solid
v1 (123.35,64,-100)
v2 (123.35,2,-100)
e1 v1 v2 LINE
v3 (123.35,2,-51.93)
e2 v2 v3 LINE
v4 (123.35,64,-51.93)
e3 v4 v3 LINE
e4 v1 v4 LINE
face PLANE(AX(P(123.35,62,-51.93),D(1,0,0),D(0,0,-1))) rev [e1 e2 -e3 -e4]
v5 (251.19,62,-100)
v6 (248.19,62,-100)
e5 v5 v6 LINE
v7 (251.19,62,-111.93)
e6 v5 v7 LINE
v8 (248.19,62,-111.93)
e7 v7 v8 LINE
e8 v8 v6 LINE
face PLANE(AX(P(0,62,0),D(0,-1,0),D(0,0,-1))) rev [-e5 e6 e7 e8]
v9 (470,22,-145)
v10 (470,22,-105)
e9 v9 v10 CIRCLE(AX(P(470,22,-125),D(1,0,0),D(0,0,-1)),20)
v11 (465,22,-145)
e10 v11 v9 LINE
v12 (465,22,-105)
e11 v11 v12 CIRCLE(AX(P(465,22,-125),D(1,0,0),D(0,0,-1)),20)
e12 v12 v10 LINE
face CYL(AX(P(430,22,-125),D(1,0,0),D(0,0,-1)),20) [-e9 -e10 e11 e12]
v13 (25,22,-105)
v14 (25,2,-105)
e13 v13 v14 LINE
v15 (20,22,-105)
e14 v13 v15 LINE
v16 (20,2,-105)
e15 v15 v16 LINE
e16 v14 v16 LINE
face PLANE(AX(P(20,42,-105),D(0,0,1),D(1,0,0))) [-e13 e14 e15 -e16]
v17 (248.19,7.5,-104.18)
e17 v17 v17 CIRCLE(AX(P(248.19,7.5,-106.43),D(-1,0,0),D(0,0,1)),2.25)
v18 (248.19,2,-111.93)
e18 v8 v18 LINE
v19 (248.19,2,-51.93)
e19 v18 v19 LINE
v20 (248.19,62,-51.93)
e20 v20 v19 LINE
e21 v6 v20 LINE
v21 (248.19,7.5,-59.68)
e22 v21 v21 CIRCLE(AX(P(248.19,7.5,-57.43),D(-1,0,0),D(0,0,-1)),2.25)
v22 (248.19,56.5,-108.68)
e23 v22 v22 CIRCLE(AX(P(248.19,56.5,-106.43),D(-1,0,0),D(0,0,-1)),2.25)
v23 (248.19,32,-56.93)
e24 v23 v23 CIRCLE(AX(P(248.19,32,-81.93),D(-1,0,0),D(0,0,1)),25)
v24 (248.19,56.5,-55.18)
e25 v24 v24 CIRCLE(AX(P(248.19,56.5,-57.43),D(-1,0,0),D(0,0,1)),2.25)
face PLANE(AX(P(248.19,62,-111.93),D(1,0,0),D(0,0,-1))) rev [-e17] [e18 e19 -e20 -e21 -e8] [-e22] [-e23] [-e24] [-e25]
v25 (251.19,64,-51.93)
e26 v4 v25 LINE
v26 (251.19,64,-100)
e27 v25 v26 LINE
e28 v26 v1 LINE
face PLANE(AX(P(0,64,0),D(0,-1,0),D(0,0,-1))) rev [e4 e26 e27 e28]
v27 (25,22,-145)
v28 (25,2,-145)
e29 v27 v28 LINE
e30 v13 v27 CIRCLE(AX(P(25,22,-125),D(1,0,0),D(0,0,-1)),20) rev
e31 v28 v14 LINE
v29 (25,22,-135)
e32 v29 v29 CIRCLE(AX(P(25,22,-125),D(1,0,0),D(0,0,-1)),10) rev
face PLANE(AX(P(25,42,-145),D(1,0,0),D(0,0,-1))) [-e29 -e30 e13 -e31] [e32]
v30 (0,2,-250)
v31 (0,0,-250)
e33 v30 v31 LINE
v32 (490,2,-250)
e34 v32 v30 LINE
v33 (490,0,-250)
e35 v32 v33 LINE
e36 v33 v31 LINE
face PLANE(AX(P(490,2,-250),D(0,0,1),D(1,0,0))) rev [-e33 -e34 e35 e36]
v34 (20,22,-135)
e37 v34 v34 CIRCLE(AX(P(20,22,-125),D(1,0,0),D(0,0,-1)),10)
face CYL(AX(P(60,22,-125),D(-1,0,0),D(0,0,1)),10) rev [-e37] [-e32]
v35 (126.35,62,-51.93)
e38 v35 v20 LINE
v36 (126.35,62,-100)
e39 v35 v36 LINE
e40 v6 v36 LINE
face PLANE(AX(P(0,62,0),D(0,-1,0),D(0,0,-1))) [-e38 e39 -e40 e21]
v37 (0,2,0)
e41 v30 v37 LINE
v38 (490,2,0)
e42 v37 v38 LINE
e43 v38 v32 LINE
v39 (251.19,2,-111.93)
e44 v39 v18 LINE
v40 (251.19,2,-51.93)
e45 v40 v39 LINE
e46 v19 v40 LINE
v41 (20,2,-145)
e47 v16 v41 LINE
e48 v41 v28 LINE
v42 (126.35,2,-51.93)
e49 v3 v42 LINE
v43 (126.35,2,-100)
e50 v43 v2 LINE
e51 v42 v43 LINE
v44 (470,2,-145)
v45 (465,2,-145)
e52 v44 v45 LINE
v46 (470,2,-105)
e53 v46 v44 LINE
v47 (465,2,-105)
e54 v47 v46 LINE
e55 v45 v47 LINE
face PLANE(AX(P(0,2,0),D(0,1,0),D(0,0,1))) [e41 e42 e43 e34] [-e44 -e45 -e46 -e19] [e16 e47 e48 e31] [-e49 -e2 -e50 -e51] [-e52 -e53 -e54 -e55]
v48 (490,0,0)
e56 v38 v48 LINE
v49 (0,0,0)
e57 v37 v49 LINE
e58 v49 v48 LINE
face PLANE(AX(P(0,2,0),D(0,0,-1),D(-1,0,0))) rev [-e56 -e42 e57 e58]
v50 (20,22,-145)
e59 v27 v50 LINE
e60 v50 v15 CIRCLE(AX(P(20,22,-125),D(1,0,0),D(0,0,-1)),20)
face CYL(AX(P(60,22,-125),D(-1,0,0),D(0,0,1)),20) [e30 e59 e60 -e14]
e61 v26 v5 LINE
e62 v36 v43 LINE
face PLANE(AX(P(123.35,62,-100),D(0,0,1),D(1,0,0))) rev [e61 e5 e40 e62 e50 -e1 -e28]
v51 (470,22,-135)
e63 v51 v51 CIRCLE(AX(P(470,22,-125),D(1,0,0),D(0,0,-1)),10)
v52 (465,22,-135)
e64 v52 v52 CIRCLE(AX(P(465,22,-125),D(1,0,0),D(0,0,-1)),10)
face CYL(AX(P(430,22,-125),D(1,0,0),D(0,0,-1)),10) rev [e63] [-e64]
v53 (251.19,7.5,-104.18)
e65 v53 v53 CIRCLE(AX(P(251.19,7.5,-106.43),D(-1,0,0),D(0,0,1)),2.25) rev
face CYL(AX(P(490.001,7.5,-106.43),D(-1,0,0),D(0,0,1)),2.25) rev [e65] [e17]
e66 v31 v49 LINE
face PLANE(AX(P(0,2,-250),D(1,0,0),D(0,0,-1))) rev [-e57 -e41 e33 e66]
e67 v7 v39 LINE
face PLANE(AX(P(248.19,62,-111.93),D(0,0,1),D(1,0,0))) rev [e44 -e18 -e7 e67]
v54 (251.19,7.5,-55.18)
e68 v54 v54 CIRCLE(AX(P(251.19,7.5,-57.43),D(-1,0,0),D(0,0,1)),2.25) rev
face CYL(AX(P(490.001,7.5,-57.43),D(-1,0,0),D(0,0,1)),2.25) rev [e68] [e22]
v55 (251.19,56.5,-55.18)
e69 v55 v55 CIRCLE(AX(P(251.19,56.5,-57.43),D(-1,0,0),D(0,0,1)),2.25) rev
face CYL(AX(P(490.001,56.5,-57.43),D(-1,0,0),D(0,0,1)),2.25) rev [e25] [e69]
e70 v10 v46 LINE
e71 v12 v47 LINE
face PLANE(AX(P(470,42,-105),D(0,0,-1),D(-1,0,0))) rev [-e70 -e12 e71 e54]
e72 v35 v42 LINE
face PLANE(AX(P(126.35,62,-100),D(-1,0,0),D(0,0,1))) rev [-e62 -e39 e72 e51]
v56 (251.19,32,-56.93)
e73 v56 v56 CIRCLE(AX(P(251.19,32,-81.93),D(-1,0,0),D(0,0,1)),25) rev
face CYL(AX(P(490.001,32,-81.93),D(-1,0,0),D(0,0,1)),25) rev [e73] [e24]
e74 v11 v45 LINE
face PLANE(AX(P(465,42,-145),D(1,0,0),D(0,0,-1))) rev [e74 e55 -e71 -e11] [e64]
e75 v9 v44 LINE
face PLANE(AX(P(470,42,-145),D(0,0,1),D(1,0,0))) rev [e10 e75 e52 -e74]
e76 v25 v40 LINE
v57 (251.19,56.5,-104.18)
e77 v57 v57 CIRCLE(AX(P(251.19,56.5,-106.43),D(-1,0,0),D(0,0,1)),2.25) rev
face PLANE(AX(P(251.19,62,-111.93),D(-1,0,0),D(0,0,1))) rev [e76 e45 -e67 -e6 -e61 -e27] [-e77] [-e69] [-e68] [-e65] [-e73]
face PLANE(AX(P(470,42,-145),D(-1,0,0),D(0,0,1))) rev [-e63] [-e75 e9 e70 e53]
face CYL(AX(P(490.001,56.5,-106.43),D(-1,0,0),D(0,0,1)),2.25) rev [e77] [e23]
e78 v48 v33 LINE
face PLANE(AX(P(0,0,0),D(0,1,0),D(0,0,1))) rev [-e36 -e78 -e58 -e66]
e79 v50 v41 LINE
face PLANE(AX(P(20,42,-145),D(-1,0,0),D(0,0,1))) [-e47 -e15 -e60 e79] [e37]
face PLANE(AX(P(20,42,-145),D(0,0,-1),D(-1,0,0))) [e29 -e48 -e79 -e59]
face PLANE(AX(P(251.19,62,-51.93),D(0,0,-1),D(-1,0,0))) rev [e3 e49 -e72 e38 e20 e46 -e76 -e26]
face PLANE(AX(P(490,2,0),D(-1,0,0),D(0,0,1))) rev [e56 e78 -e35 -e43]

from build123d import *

# Parameters (mm, degrees)
SKETCH_1_W          = 490
SKETCH_1_H          = 250
EXTRUDE_1_DEPTH     = 2
SKETCH_2_W          = 5
SKETCH_2_H          = 40
EXTRUDE_2_DEPTH     = 40
CUT_EXTRUDE_1_DEPTH = 40
SKETCH_4_R          = 10
CUT_EXTRUDE_2_DEPTH = 40
SKETCH_5_W          = 3
SKETCH_5_H          = 60
EXTRUDE_3_DEPTH     = 60
CUT_EXTRUDE_3_REACH = 359.69
SKETCH_6_R          = 25
CUT_EXTRUDE_4_REACH = 359.69
SKETCH_7_R          = 2.25
SKETCH_9_W          = 3
SKETCH_9_H          = 48.07
EXTRUDE_4_DEPTH     = 60
SKETCH_10_W         = 127.84
SKETCH_10_H         = 48.07
EXTRUDE_5_DEPTH     = 2


with BuildPart() as part:
    # 草图1 → 凸台-拉伸1 (new body)
    with BuildSketch(Plane(origin=(0, 0, 0), x_dir=(1, 0, 0), z_dir=(0, 1, 0))):
        with Locations((245, 125)):
            Rectangle(SKETCH_1_W, SKETCH_1_H)
    extrude(amount=EXTRUDE_1_DEPTH)

    # 草图2 → 凸台-拉伸2 (add)
    with BuildSketch(Plane(origin=(0, 2, 0), x_dir=(1, 0, 0), z_dir=(0, 1, 0))):
        with Locations((467.5, 125)):
            Rectangle(SKETCH_2_W, SKETCH_2_H)
    extrude_2 = extrude(amount=EXTRUDE_2_DEPTH)

    # 草图3 → 切除-拉伸1 (cut)
    with BuildSketch(Plane(origin=(470, 0, 0), x_dir=(0, 0, -1), z_dir=(1, 0, 0))):
        with BuildLine():
            ThreePointArc((105, 22), (110.857864376, 36.142135624), (125, 42))
            Line((125, 42), (105, 42))
            Line((105, 42), (105, 22))
        make_face()
        with BuildLine():
            Line((145, 42), (125, 42))
            ThreePointArc((125, 42), (139.142135624, 36.142135624), (145, 22))
            Line((145, 22), (145, 42))
        make_face()
    cut_extrude_1 = extrude(amount=-CUT_EXTRUDE_1_DEPTH, mode=Mode.SUBTRACT)

    # 草图4 → 切除-拉伸2 (cut)
    with BuildSketch(Plane(origin=(470, 0, 0), x_dir=(0, 0, -1), z_dir=(1, 0, 0))):
        with Locations((125, 22)):
            Circle(SKETCH_4_R)
    cut_extrude_2 = extrude(amount=-CUT_EXTRUDE_2_DEPTH, mode=Mode.SUBTRACT)

    # 镜向1: 凸台-拉伸2, 切除-拉伸1, 切除-拉伸2 across plane
    add(extrude_2.mirror(Plane(origin=(245, 0, 0), x_dir=(0, 0, 1), z_dir=(1, 0, 0))))
    add(cut_extrude_1.mirror(Plane(origin=(245, 0, 0), x_dir=(0, 0, 1), z_dir=(1, 0, 0))), mode=Mode.SUBTRACT)
    add(cut_extrude_2.mirror(Plane(origin=(245, 0, 0), x_dir=(0, 0, 1), z_dir=(1, 0, 0))), mode=Mode.SUBTRACT)

    # 草图5 → 凸台-拉伸3 (add)
    with BuildSketch(Plane(origin=(0, 2, 0), x_dir=(1, 0, 0), z_dir=(0, 1, 0))):
        with Locations((249.69, 81.93)):
            Rectangle(SKETCH_5_W, SKETCH_5_H)
    extrude(amount=EXTRUDE_3_DEPTH)

    # 草图6 → 切除-拉伸3 (cut, up to next)
    with BuildSketch(Plane.ZY.offset(-248.19), mode=Mode.PRIVATE) as cut_extrude_3_sk1:
        with Locations((-81.93, 32)):
            Circle(SKETCH_6_R)
    cut_extrude_3_tool1 = extrude(cut_extrude_3_sk1.sketch, amount=-CUT_EXTRUDE_3_REACH, mode=Mode.PRIVATE) & part.part
    add(cut_extrude_3_tool1.solids().sort_by_distance((248.19, 32, -81.93))[0], mode=Mode.SUBTRACT)

    # 草图7 → 切除-拉伸4 (cut, up to next)
    with BuildSketch(Plane.ZY.offset(-248.19), mode=Mode.PRIVATE) as cut_extrude_4_sk1:
        with Locations((-57.43, 56.5)):
            Circle(SKETCH_7_R)
    cut_extrude_4_tool1 = extrude(cut_extrude_4_sk1.sketch, amount=-CUT_EXTRUDE_4_REACH, mode=Mode.PRIVATE) & part.part
    # 草图7 → 切除-拉伸4 (cut, up to next)
    with BuildSketch(Plane.ZY.offset(-248.19), mode=Mode.PRIVATE) as cut_extrude_4_sk2:
        with Locations((-57.43, 7.5)):
            Circle(SKETCH_7_R)
    cut_extrude_4_tool2 = extrude(cut_extrude_4_sk2.sketch, amount=-CUT_EXTRUDE_4_REACH, mode=Mode.PRIVATE) & part.part
    # 草图7 → 切除-拉伸4 (cut, up to next)
    with BuildSketch(Plane.ZY.offset(-248.19), mode=Mode.PRIVATE) as cut_extrude_4_sk3:
        with Locations((-106.43, 7.5)):
            Circle(SKETCH_7_R)
    cut_extrude_4_tool3 = extrude(cut_extrude_4_sk3.sketch, amount=-CUT_EXTRUDE_4_REACH, mode=Mode.PRIVATE) & part.part
    # 草图7 → 切除-拉伸4 (cut, up to next)
    with BuildSketch(Plane.ZY.offset(-248.19), mode=Mode.PRIVATE) as cut_extrude_4_sk4:
        with Locations((-106.43, 56.5)):
            Circle(SKETCH_7_R)
    cut_extrude_4_tool4 = extrude(cut_extrude_4_sk4.sketch, amount=-CUT_EXTRUDE_4_REACH, mode=Mode.PRIVATE) & part.part
    add(cut_extrude_4_tool1.solids().sort_by_distance((248.19, 56.5, -57.43))[0], mode=Mode.SUBTRACT)
    add(cut_extrude_4_tool2.solids().sort_by_distance((248.19, 7.5, -57.43))[0], mode=Mode.SUBTRACT)
    add(cut_extrude_4_tool3.solids().sort_by_distance((248.19, 7.5, -106.43))[0], mode=Mode.SUBTRACT)
    add(cut_extrude_4_tool4.solids().sort_by_distance((248.19, 56.5, -106.43))[0], mode=Mode.SUBTRACT)

    # 草图9 → 凸台-拉伸4 (add)
    with BuildSketch(Plane(origin=(0, 2, 0), x_dir=(1, 0, 0), z_dir=(0, 1, 0))):
        with Locations((124.85, 75.965)):
            Rectangle(SKETCH_9_W, SKETCH_9_H)
    extrude(amount=EXTRUDE_4_DEPTH)

    # 草图10 → 凸台-拉伸5 (add)
    with BuildSketch(Plane(origin=(0, 62, 0), x_dir=(1, 0, 0), z_dir=(0, 1, 0))):
        with Locations((187.27, 75.965)):
            Rectangle(SKETCH_10_W, SKETCH_10_H)
    extrude(amount=EXTRUDE_5_DEPTH)


solid = part.part
